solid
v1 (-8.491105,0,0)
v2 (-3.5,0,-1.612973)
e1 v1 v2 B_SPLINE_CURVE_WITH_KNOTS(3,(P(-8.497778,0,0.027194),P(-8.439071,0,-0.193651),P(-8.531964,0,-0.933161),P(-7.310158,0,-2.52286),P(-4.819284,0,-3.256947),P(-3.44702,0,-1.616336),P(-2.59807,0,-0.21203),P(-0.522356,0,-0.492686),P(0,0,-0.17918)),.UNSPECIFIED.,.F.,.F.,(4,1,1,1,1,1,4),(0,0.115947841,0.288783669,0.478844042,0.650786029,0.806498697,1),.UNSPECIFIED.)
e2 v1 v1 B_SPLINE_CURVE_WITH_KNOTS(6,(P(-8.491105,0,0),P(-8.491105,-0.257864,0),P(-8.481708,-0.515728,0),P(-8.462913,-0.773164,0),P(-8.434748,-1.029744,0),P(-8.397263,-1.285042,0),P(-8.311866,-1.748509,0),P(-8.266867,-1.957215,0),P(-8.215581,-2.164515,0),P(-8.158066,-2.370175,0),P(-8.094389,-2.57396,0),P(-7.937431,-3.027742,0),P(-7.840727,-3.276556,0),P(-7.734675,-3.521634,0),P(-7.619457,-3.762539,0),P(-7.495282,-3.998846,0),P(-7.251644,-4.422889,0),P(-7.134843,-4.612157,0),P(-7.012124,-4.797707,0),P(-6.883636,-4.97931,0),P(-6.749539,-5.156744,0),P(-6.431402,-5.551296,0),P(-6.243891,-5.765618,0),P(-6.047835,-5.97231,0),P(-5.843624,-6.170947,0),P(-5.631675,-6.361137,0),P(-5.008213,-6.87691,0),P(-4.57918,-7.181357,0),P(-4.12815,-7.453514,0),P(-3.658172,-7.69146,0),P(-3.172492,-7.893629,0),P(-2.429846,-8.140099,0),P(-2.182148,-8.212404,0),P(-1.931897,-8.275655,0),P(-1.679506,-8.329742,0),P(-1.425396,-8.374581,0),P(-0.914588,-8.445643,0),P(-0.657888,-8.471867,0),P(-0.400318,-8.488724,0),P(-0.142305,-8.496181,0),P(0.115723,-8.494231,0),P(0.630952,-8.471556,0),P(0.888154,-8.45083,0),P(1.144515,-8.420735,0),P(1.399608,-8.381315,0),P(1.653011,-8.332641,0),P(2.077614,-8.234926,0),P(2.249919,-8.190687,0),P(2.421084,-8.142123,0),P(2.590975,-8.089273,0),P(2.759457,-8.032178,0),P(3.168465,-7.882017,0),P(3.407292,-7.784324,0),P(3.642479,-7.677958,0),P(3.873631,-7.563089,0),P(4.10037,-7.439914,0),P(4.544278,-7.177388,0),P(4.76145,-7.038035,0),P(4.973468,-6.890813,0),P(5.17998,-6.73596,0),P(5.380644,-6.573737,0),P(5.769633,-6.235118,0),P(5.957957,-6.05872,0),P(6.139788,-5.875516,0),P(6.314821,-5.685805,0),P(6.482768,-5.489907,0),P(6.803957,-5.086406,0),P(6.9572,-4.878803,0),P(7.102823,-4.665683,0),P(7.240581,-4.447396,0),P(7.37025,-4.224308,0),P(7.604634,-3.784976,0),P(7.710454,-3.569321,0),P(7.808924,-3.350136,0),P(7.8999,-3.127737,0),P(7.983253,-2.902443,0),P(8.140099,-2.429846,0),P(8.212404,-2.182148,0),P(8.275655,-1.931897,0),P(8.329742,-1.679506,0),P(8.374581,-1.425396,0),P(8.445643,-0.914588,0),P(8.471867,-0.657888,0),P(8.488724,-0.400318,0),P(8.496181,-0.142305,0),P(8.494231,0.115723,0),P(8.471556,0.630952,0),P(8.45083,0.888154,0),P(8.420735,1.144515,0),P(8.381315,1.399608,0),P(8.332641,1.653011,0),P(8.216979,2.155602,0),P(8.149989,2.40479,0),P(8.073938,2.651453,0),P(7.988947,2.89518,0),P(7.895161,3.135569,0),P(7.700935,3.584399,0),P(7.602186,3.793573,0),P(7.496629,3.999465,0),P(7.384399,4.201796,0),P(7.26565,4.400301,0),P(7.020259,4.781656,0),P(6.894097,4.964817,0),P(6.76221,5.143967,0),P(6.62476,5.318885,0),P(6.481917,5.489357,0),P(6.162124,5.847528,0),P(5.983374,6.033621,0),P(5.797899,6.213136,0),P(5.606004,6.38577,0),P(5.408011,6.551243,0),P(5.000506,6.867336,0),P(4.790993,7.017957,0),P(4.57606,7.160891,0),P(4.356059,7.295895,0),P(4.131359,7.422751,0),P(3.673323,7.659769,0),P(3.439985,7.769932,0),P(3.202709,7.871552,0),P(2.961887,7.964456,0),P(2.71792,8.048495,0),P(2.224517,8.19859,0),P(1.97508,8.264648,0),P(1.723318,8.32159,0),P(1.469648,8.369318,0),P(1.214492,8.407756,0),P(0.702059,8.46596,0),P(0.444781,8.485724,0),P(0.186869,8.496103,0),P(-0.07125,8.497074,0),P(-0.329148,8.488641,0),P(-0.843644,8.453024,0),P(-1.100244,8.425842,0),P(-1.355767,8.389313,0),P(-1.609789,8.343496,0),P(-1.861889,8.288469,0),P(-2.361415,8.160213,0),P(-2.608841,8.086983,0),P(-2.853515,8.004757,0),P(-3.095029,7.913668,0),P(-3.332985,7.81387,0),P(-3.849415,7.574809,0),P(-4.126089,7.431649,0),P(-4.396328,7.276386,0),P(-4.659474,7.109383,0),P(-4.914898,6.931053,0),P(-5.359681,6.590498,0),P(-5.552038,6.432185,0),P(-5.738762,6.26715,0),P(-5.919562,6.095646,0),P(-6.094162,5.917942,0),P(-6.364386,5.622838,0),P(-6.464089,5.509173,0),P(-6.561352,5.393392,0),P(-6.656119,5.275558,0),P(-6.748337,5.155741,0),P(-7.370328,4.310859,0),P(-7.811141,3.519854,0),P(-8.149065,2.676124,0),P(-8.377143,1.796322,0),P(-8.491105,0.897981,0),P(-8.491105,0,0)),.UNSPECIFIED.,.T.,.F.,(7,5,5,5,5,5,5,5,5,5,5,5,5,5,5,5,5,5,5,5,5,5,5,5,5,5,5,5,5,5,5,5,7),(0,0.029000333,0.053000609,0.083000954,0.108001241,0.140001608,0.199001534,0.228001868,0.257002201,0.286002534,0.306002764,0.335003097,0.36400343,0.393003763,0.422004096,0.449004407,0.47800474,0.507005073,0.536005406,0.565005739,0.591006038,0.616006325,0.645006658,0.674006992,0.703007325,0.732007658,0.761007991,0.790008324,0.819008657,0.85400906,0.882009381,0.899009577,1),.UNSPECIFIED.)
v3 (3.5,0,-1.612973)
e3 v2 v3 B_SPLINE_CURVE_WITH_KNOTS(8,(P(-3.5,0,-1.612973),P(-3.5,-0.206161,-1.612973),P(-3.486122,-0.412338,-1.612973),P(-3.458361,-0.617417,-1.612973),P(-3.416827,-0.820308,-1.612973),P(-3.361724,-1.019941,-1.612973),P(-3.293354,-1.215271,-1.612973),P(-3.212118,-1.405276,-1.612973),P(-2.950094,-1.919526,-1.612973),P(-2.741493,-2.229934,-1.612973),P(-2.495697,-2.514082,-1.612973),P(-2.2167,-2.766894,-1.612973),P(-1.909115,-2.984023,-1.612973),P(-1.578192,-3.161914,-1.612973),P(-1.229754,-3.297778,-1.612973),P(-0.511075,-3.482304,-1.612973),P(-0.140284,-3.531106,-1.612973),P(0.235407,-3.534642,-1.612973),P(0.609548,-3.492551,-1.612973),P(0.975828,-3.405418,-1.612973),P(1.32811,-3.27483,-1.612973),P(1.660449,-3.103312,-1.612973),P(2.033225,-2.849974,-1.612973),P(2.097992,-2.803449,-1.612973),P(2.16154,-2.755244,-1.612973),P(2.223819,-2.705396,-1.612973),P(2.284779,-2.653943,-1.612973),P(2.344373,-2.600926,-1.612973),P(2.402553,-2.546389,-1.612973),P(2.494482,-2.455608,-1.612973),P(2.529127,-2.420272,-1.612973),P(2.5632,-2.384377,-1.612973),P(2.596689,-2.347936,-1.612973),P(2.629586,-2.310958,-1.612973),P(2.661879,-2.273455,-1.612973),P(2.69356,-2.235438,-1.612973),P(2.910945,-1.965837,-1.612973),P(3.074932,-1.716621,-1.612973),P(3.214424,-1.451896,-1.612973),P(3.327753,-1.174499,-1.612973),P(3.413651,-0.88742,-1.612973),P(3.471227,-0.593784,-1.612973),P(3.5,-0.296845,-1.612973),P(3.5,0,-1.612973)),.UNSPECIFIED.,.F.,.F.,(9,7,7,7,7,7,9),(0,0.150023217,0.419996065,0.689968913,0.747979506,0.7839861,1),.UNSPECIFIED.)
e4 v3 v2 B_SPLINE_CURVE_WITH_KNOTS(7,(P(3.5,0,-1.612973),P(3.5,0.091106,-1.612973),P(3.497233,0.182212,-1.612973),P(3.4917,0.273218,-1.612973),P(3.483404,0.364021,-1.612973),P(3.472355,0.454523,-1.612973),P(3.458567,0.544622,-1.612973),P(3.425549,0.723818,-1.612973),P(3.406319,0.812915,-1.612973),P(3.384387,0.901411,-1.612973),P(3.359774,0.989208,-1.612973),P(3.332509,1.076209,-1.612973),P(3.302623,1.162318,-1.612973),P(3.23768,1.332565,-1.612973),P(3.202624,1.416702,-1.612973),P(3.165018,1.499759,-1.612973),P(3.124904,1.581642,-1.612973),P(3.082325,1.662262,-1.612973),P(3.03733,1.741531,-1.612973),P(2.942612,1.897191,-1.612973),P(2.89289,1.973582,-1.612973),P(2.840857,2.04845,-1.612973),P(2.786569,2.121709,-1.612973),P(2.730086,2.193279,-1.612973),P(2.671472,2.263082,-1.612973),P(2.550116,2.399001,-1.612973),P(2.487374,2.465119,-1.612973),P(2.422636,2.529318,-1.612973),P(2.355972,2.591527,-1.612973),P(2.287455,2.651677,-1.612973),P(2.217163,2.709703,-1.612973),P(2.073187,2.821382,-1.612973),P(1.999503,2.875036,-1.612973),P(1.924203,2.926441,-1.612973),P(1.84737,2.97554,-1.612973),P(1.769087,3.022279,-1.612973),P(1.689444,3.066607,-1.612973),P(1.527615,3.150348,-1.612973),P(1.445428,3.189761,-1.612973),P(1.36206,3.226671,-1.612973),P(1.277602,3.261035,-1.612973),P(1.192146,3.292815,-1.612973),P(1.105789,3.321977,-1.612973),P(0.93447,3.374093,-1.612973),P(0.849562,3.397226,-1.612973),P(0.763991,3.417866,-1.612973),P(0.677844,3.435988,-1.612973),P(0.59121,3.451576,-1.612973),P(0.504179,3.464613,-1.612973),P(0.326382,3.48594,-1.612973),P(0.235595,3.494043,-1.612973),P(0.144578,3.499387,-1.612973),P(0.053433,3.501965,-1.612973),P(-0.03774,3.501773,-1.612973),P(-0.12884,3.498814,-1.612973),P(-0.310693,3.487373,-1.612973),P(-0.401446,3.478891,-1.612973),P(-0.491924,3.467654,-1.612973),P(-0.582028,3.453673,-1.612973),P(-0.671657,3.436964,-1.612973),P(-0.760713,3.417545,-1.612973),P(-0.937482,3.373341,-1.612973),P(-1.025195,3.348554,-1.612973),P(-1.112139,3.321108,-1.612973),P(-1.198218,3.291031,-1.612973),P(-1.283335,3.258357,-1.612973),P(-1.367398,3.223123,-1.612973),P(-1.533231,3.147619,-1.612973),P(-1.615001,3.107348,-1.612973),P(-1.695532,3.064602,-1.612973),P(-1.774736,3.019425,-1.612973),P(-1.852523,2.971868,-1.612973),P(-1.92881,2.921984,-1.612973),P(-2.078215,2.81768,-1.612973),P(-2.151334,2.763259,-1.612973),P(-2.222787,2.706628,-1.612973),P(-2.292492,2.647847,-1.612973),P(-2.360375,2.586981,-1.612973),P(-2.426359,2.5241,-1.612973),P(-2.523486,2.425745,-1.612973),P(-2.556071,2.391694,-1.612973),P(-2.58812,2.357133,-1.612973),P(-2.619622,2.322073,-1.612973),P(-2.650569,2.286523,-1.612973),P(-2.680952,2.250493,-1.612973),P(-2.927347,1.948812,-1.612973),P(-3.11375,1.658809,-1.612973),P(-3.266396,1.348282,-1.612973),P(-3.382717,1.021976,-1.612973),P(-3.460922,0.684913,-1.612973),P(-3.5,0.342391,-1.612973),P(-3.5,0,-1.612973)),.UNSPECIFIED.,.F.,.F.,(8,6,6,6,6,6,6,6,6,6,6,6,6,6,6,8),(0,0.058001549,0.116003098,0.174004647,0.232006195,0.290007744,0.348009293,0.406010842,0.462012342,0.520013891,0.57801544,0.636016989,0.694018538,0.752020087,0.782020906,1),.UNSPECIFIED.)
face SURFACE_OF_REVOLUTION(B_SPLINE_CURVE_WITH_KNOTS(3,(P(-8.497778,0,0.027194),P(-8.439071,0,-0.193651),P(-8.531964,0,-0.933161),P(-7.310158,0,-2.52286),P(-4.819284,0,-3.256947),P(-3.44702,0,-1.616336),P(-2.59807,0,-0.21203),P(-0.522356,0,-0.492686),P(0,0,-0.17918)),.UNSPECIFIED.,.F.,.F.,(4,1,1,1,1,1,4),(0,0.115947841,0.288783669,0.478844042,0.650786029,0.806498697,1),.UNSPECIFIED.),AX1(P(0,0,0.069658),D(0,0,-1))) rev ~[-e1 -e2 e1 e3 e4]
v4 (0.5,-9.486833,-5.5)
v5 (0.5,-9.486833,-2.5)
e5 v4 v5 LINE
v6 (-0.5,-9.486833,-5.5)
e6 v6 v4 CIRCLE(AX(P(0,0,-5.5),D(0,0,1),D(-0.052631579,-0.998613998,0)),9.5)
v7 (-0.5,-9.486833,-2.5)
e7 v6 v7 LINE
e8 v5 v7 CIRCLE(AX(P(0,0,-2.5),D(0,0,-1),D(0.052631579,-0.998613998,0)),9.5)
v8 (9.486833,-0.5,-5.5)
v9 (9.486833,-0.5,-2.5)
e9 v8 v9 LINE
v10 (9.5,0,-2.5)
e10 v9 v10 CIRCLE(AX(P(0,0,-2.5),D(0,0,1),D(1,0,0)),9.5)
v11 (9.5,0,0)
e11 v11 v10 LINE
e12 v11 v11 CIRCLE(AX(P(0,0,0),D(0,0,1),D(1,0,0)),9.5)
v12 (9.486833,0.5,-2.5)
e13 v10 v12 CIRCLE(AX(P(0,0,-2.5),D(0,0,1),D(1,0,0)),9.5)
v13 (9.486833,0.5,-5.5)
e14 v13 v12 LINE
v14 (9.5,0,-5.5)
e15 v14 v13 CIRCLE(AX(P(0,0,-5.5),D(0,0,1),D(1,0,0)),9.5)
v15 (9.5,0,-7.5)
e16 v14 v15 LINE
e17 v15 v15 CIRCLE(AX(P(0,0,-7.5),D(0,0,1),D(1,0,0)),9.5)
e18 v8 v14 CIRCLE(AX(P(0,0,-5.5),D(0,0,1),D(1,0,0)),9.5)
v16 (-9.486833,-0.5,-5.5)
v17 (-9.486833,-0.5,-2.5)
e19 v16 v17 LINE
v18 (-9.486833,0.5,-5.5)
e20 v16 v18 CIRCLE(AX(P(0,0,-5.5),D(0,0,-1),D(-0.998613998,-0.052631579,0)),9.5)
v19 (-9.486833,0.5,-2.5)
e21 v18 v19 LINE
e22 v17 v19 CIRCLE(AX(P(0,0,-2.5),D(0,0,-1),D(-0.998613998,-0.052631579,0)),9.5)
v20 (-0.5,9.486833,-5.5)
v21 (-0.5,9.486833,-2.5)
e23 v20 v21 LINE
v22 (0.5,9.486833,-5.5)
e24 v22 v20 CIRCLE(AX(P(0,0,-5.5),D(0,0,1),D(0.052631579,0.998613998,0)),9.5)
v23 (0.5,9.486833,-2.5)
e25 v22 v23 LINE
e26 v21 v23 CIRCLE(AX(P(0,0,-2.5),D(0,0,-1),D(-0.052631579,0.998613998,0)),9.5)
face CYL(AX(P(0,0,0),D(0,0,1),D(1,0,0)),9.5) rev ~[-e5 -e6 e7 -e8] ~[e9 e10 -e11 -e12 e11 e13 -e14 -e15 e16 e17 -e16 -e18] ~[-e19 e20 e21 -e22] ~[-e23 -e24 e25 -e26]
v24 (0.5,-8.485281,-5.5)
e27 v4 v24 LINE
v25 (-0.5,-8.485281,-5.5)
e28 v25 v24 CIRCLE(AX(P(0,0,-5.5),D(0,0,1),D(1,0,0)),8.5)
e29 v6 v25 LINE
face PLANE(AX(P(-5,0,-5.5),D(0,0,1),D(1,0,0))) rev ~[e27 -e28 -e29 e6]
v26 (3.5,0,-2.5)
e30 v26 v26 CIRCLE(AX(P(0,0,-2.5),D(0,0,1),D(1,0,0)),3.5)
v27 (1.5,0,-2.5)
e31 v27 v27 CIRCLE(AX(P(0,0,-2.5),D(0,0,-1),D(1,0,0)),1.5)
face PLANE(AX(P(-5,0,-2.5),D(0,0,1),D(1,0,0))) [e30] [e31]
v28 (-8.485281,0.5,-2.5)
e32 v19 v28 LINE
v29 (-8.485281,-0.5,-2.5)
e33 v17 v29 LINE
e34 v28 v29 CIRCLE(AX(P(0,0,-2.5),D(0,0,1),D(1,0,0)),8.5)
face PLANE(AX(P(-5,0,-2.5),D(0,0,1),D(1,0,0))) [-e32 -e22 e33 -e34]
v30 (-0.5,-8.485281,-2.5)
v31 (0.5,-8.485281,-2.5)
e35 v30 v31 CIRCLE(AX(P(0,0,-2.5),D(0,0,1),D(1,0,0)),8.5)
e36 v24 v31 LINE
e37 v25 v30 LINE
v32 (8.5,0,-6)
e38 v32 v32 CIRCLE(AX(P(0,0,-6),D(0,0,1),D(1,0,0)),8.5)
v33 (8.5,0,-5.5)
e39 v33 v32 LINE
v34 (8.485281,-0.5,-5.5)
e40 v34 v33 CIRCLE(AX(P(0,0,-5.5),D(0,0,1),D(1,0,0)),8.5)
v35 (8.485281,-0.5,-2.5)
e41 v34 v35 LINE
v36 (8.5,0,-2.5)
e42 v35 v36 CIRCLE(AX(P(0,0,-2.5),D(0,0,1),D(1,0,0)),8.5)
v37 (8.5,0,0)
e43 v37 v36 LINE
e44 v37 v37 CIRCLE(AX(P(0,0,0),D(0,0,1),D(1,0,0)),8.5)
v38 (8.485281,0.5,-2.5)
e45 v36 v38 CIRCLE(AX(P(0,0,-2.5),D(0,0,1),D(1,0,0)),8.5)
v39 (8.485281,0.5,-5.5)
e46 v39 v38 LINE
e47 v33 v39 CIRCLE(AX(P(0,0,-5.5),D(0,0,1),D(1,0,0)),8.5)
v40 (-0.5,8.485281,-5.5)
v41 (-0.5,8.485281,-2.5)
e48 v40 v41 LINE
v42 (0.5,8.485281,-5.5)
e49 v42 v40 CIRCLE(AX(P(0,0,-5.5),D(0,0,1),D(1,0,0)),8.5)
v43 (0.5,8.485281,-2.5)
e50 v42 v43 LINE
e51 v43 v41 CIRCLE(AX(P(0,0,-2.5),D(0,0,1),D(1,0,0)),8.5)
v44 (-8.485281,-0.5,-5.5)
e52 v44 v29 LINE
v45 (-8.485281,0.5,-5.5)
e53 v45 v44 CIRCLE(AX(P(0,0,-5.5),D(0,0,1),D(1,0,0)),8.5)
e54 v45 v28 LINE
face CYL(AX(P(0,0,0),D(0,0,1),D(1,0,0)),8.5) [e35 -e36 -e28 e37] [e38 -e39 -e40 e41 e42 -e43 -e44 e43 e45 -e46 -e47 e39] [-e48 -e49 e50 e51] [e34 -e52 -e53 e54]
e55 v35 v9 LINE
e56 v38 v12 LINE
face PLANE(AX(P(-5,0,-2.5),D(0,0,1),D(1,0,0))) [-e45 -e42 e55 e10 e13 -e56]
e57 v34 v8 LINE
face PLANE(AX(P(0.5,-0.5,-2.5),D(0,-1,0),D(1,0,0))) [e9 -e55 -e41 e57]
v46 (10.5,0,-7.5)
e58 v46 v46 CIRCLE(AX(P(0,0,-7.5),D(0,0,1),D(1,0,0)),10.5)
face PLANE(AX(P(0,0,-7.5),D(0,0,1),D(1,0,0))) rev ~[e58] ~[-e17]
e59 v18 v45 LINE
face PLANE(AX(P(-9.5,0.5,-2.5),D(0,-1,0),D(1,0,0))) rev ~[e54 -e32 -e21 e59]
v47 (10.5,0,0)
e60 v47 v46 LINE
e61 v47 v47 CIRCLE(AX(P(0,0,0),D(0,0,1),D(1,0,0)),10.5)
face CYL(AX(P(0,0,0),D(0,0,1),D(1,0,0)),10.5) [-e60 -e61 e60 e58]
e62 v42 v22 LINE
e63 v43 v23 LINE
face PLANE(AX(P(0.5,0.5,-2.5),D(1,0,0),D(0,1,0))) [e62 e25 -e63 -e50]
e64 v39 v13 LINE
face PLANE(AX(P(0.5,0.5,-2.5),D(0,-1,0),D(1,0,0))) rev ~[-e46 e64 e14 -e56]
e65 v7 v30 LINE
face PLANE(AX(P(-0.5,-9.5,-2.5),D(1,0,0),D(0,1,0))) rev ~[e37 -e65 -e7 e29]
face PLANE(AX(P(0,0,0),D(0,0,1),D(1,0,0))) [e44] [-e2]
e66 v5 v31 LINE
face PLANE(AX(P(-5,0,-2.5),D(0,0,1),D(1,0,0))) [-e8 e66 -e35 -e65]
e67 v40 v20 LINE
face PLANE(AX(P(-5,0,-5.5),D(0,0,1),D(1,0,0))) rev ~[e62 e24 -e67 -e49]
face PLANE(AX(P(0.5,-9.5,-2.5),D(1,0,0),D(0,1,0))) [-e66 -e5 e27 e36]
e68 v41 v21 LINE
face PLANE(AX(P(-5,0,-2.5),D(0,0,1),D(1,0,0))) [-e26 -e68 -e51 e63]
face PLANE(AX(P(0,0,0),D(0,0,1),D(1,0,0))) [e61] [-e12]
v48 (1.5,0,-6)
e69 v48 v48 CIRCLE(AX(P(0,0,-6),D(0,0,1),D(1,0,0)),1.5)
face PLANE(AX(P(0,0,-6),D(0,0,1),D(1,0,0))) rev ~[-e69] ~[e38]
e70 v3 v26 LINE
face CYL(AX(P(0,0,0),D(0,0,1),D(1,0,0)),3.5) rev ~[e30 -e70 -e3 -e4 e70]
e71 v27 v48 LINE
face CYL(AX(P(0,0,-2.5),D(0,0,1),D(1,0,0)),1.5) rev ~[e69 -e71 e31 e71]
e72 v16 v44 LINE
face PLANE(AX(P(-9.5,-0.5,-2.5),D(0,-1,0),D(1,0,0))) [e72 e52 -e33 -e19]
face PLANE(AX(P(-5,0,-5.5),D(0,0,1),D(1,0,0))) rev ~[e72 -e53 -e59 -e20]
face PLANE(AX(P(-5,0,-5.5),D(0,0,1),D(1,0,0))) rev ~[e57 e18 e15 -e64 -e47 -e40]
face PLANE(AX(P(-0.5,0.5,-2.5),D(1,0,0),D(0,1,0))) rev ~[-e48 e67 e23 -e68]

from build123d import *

# Parameters (mm, degrees)
F0_R      = 10.5
F0_R_2    = 9.5
F1_DEPTH  = 7.5
F0_R_3    = 8.5
F0_R_4    = 3.5
F2_DEPTH  = 6
F5_W      = 9
F5_H      = 1
F5_W_2    = 1
F5_H_2    = 9
F6_DEPTH  = 3
F8_R      = 3.5
F8_R_2    = 1.5
F9_DEPTH  = 3.5
F0_R_5    = 1.5
F10_DEPTH = 6


with BuildPart() as f1:
    # F0 (on Top) → F1 (new body)
    with BuildSketch(Plane.XY):
        Circle(F0_R)
        Circle(F0_R_2, mode=Mode.SUBTRACT)
    extrude(amount=-F1_DEPTH)



with BuildPart() as f2:
    # F0 (on Top) → F2 (new body)
    with BuildSketch(Plane.XY):
        Circle(F0_R_3)
        Circle(F0_R_4, mode=Mode.SUBTRACT)
    extrude(amount=-F2_DEPTH)


with BuildPart() as f1_1:
    add(f1.part)

    add(f2.part)  # F6 merges F2
    # F5 (on offset) → F6 (join)
    with BuildSketch(Plane.XY.offset(-2.5)):
        with Locations((-5, 0)):
            Rectangle(F5_W, F5_H)
        with Locations((0, 5)):
            Rectangle(F5_W_2, F5_H_2)
        Rectangle(F5_W_2, F5_H)
        with Locations((5, 0)):
            Rectangle(F5_W, F5_H)
        with Locations((0, -5)):
            Rectangle(F5_W_2, F5_H_2)
    extrude(amount=-F6_DEPTH)

    # F3 (on Front) → F7 (revolve, cut)
    with BuildSketch(Plane.XZ):
        with BuildLine():
            Line((0, 0.069658272), (-8.4977783263, 0.0271935514))
            add(Edge.make_bspline(
                [(-8.4977783263, 0.0271935514), (-8.4390711904, -0.1936509699), (-8.5319644113, -0.9331612071), (-7.3101581266, -2.5228604066), (-4.8192842499, -3.2569469358), (-3.4470196357, -1.6163358317), (-2.5980696171, -0.2120298583), (-0.5223557571, -0.492685907), (0, -0.1791804971)],
                knots=[0, 0, 0, 0, 0.1159478411, 0.2887836686, 0.4788440423, 0.6507860288, 0.8064986974, 1, 1, 1, 1], degree=3))
            Line((0, -0.1791804971), (0, 0.069658272))
        make_face()
    revolve(axis=Axis((0, 0, 0.069658272), (0, 0, -1)), mode=Mode.SUBTRACT)

    # F8 (on offset) → F9 (join, through all)
    with BuildSketch(Plane.XY.offset(-2.5)):
        Circle(F8_R)
        Circle(F8_R_2, mode=Mode.SUBTRACT)
    extrude(amount=-F9_DEPTH)

    # F0 (on Top) → F10 (cut, through all)
    with BuildSketch(Plane.XY):
        Circle(F0_R_5)
    extrude(amount=-F10_DEPTH, mode=Mode.SUBTRACT)


solid = f1_1.part
